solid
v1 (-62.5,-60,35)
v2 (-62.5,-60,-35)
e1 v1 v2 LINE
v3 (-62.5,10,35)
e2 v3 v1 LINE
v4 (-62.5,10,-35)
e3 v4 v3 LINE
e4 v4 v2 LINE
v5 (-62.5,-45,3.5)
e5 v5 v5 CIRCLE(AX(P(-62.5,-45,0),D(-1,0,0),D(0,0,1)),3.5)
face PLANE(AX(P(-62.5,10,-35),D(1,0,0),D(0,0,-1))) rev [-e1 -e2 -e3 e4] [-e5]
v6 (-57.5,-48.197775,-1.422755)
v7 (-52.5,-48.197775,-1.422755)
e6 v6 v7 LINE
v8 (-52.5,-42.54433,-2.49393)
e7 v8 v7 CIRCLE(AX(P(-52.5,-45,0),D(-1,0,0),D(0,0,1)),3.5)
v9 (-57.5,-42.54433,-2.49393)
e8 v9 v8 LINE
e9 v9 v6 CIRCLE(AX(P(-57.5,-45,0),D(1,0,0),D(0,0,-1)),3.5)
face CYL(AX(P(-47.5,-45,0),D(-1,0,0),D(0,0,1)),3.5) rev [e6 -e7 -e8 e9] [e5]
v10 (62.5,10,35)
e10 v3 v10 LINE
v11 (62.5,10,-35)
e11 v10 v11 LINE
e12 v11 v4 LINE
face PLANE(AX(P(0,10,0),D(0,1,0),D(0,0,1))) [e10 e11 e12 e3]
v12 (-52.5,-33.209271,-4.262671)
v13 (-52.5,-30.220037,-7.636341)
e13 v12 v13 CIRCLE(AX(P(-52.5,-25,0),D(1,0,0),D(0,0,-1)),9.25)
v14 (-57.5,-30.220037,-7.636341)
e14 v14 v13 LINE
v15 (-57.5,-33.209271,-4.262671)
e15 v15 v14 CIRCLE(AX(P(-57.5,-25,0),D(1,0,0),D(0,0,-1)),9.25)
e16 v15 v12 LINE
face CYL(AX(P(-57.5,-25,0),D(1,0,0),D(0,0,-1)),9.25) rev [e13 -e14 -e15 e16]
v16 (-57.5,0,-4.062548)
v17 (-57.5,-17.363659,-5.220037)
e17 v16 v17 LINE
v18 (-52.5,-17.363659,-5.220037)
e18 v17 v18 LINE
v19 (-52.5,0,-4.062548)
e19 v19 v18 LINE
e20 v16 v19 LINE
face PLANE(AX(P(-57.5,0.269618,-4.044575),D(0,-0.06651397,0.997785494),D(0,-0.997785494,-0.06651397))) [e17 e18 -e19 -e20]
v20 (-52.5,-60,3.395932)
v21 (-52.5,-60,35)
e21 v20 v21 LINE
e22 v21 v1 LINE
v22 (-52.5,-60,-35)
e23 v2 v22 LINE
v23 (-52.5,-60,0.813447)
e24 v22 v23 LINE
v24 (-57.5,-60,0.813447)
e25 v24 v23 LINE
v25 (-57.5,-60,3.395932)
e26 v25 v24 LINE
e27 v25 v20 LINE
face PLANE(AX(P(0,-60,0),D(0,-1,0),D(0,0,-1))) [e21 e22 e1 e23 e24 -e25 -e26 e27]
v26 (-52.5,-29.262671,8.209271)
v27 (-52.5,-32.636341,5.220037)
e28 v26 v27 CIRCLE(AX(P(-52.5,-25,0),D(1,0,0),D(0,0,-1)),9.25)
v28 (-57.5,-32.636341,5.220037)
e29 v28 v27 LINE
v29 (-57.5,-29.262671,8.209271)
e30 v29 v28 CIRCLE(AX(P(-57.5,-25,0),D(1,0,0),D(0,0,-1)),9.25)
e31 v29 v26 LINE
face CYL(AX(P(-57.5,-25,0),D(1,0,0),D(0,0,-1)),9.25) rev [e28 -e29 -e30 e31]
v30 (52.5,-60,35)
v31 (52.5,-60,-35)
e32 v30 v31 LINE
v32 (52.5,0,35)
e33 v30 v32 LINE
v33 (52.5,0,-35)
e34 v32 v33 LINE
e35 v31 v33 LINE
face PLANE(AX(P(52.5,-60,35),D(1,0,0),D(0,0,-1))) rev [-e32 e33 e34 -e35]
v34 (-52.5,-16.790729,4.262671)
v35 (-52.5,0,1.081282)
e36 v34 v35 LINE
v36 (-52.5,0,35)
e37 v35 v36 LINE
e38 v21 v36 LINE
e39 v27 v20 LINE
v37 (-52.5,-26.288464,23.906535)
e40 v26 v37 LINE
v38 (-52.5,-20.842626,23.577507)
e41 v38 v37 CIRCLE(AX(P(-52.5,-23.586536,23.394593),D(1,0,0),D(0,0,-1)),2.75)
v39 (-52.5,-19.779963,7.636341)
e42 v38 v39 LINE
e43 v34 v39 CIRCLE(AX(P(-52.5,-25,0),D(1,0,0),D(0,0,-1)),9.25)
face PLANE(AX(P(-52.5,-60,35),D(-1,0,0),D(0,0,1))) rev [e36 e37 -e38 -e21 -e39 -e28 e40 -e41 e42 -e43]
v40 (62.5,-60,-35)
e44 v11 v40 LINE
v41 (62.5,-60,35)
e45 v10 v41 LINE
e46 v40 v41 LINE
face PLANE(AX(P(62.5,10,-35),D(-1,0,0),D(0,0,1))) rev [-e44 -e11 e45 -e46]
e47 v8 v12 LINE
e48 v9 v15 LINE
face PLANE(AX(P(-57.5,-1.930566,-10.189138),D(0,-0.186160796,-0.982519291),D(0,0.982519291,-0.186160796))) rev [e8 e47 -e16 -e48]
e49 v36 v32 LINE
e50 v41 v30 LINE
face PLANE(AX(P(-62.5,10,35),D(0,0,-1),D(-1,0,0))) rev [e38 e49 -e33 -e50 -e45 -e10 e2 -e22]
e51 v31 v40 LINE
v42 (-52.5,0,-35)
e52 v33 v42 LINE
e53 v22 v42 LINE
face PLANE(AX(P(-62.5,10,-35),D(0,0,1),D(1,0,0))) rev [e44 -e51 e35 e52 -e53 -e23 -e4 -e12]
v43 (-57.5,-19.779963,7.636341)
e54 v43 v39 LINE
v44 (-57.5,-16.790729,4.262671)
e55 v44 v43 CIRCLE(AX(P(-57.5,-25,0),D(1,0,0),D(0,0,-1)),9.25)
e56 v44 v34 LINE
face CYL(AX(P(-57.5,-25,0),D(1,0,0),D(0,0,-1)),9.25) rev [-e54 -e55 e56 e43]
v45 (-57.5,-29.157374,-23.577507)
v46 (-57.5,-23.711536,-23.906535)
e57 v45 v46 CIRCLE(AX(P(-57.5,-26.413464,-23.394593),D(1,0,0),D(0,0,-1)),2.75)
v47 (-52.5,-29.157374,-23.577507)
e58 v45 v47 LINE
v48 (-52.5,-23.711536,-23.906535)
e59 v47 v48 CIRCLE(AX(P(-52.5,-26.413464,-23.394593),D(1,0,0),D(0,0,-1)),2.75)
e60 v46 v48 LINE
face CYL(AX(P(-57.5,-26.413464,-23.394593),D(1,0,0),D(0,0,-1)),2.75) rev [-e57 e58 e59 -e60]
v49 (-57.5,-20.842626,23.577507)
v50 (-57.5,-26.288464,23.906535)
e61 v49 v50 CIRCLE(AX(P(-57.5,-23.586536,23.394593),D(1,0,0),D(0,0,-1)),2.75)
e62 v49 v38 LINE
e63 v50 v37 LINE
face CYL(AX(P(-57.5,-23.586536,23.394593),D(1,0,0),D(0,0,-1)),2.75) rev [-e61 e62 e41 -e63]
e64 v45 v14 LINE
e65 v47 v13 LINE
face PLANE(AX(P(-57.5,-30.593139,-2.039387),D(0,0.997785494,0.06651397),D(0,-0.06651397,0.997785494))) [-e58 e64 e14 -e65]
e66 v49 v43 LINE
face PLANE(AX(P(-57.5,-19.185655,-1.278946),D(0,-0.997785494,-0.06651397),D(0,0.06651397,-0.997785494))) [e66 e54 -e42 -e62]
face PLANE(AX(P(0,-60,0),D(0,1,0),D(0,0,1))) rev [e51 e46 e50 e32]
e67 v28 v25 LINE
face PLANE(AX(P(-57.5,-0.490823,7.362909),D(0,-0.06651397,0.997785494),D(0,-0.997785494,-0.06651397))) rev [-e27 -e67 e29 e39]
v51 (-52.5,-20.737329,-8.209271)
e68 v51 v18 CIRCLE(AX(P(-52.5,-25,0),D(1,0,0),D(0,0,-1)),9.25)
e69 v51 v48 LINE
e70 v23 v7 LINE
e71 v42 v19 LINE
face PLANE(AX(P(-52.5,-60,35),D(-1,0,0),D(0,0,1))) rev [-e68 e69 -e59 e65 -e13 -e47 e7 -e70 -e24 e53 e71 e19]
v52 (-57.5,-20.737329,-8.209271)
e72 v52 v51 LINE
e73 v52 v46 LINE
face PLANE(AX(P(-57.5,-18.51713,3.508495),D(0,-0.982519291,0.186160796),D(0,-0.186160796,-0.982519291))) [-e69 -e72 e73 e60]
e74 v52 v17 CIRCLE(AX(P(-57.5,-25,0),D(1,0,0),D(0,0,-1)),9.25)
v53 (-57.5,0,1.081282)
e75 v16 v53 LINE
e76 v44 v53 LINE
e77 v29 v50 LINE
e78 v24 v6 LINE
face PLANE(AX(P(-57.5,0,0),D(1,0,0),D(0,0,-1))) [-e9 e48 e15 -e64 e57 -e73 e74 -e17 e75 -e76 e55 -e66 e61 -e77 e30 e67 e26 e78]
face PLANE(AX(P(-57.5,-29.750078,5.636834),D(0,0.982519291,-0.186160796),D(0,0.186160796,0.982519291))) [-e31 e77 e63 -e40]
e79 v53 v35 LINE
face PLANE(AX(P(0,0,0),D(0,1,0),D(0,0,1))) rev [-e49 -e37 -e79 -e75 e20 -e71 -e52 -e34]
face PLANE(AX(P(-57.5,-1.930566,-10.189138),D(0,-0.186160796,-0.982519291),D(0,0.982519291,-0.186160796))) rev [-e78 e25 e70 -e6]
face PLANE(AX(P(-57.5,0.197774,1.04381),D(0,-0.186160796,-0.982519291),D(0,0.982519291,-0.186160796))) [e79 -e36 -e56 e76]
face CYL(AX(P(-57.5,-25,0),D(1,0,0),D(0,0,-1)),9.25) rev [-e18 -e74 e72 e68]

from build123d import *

# Parameters (mm, degrees)
SKETCH2_W           = 125
SKETCH2_H           = 70
BOSS_EXTRUDE1_DEPTH = 10
SKETCH3_W           = 10
SKETCH3_H           = 70
BOSS_EXTRUDE2_DEPTH = 60
CUT_EXTRUDE1_DEPTH  = 5
CUT_EXTRUDE2_START  = -15
SKETCH6_R           = 3.5
CUT_EXTRUDE2_DEPTH  = 15


with BuildPart() as part:
    # Sketch2 → Boss-Extrude1 (new body)
    with BuildSketch(Plane(origin=(0, 0, 0), x_dir=(1, 0, 0), z_dir=(0, 1, 0))):
        Rectangle(SKETCH2_W, SKETCH2_H)
    extrude(amount=BOSS_EXTRUDE1_DEPTH)

    # Sketch3 → Boss-Extrude2 (add)
    with BuildSketch(Plane.XZ):
        with Locations((-57.5, 0)):
            Rectangle(SKETCH3_W, SKETCH3_H)
        with Locations((57.5, 0)):
            Rectangle(SKETCH3_W, SKETCH3_H)
    extrude(amount=BOSS_EXTRUDE2_DEPTH)

    # Sketch4 → Cut-Extrude1 (cut)
    with BuildSketch(Plane(origin=(-52.5, 0, 0), x_dir=(0, 0, -1), z_dir=(1, 0, 0))):
        with BuildLine():
            Line((-3.395932152, -60), (-0.813446687, -60))
            Line((-0.813446687, -60), (1.422755234, -48.197775406))
            ThreePointArc((1.422755234, -48.197775406), (-3.43881752, -44.348437214), (2.493929957, -42.544330362))
            Line((2.493929957, -42.544330362), (4.2626708, -33.209271445))
            ThreePointArc((4.2626708, -33.209271445), (6.134370688, -31.923293743), (7.636341499, -30.220037214))
            Line((7.636341499, -30.220037214), (23.57750665, -29.157373753))
            ThreePointArc((23.57750665, -29.157373753), (26.139587656, -26.579311787), (23.90653542, -23.711535594))
            Line((23.90653542, -23.711535594), (8.209271445, -20.7373292))
            ThreePointArc((8.209271445, -20.7373292), (6.923293743, -18.865629312), (5.220037214, -17.363658501))
            Line((5.220037214, -17.363658501), (4.062548081, 0))
            Line((4.062548081, 0), (-1.081282483, 0))
            Line((-1.081282483, 0), (-4.2626708, -16.790728555))
            ThreePointArc((-4.2626708, -16.790728555), (-6.134370688, -18.076706257), (-7.636341499, -19.779962786))
            Line((-7.636341499, -19.779962786), (-23.57750665, -20.842626247))
            ThreePointArc((-23.57750665, -20.842626247), (-26.139587656, -23.420688213), (-23.90653542, -26.288464406))
            Line((-23.90653542, -26.288464406), (-8.209271445, -29.2626708))
            ThreePointArc((-8.209271445, -29.2626708), (-6.923293743, -31.134370688), (-5.220037214, -32.636341499))
            Line((-5.220037214, -32.636341499), (-3.395932152, -60))
        make_face()
    extrude(amount=-CUT_EXTRUDE1_DEPTH, mode=Mode.SUBTRACT)

    # Sketch6 → Cut-Extrude2 (cut)
    with BuildSketch(Plane.ZY.offset(62.5).offset(CUT_EXTRUDE2_START)):
        with Locations((0, -45)):
            Circle(SKETCH6_R)
    extrude(amount=CUT_EXTRUDE2_DEPTH, mode=Mode.SUBTRACT)


solid = part.part
